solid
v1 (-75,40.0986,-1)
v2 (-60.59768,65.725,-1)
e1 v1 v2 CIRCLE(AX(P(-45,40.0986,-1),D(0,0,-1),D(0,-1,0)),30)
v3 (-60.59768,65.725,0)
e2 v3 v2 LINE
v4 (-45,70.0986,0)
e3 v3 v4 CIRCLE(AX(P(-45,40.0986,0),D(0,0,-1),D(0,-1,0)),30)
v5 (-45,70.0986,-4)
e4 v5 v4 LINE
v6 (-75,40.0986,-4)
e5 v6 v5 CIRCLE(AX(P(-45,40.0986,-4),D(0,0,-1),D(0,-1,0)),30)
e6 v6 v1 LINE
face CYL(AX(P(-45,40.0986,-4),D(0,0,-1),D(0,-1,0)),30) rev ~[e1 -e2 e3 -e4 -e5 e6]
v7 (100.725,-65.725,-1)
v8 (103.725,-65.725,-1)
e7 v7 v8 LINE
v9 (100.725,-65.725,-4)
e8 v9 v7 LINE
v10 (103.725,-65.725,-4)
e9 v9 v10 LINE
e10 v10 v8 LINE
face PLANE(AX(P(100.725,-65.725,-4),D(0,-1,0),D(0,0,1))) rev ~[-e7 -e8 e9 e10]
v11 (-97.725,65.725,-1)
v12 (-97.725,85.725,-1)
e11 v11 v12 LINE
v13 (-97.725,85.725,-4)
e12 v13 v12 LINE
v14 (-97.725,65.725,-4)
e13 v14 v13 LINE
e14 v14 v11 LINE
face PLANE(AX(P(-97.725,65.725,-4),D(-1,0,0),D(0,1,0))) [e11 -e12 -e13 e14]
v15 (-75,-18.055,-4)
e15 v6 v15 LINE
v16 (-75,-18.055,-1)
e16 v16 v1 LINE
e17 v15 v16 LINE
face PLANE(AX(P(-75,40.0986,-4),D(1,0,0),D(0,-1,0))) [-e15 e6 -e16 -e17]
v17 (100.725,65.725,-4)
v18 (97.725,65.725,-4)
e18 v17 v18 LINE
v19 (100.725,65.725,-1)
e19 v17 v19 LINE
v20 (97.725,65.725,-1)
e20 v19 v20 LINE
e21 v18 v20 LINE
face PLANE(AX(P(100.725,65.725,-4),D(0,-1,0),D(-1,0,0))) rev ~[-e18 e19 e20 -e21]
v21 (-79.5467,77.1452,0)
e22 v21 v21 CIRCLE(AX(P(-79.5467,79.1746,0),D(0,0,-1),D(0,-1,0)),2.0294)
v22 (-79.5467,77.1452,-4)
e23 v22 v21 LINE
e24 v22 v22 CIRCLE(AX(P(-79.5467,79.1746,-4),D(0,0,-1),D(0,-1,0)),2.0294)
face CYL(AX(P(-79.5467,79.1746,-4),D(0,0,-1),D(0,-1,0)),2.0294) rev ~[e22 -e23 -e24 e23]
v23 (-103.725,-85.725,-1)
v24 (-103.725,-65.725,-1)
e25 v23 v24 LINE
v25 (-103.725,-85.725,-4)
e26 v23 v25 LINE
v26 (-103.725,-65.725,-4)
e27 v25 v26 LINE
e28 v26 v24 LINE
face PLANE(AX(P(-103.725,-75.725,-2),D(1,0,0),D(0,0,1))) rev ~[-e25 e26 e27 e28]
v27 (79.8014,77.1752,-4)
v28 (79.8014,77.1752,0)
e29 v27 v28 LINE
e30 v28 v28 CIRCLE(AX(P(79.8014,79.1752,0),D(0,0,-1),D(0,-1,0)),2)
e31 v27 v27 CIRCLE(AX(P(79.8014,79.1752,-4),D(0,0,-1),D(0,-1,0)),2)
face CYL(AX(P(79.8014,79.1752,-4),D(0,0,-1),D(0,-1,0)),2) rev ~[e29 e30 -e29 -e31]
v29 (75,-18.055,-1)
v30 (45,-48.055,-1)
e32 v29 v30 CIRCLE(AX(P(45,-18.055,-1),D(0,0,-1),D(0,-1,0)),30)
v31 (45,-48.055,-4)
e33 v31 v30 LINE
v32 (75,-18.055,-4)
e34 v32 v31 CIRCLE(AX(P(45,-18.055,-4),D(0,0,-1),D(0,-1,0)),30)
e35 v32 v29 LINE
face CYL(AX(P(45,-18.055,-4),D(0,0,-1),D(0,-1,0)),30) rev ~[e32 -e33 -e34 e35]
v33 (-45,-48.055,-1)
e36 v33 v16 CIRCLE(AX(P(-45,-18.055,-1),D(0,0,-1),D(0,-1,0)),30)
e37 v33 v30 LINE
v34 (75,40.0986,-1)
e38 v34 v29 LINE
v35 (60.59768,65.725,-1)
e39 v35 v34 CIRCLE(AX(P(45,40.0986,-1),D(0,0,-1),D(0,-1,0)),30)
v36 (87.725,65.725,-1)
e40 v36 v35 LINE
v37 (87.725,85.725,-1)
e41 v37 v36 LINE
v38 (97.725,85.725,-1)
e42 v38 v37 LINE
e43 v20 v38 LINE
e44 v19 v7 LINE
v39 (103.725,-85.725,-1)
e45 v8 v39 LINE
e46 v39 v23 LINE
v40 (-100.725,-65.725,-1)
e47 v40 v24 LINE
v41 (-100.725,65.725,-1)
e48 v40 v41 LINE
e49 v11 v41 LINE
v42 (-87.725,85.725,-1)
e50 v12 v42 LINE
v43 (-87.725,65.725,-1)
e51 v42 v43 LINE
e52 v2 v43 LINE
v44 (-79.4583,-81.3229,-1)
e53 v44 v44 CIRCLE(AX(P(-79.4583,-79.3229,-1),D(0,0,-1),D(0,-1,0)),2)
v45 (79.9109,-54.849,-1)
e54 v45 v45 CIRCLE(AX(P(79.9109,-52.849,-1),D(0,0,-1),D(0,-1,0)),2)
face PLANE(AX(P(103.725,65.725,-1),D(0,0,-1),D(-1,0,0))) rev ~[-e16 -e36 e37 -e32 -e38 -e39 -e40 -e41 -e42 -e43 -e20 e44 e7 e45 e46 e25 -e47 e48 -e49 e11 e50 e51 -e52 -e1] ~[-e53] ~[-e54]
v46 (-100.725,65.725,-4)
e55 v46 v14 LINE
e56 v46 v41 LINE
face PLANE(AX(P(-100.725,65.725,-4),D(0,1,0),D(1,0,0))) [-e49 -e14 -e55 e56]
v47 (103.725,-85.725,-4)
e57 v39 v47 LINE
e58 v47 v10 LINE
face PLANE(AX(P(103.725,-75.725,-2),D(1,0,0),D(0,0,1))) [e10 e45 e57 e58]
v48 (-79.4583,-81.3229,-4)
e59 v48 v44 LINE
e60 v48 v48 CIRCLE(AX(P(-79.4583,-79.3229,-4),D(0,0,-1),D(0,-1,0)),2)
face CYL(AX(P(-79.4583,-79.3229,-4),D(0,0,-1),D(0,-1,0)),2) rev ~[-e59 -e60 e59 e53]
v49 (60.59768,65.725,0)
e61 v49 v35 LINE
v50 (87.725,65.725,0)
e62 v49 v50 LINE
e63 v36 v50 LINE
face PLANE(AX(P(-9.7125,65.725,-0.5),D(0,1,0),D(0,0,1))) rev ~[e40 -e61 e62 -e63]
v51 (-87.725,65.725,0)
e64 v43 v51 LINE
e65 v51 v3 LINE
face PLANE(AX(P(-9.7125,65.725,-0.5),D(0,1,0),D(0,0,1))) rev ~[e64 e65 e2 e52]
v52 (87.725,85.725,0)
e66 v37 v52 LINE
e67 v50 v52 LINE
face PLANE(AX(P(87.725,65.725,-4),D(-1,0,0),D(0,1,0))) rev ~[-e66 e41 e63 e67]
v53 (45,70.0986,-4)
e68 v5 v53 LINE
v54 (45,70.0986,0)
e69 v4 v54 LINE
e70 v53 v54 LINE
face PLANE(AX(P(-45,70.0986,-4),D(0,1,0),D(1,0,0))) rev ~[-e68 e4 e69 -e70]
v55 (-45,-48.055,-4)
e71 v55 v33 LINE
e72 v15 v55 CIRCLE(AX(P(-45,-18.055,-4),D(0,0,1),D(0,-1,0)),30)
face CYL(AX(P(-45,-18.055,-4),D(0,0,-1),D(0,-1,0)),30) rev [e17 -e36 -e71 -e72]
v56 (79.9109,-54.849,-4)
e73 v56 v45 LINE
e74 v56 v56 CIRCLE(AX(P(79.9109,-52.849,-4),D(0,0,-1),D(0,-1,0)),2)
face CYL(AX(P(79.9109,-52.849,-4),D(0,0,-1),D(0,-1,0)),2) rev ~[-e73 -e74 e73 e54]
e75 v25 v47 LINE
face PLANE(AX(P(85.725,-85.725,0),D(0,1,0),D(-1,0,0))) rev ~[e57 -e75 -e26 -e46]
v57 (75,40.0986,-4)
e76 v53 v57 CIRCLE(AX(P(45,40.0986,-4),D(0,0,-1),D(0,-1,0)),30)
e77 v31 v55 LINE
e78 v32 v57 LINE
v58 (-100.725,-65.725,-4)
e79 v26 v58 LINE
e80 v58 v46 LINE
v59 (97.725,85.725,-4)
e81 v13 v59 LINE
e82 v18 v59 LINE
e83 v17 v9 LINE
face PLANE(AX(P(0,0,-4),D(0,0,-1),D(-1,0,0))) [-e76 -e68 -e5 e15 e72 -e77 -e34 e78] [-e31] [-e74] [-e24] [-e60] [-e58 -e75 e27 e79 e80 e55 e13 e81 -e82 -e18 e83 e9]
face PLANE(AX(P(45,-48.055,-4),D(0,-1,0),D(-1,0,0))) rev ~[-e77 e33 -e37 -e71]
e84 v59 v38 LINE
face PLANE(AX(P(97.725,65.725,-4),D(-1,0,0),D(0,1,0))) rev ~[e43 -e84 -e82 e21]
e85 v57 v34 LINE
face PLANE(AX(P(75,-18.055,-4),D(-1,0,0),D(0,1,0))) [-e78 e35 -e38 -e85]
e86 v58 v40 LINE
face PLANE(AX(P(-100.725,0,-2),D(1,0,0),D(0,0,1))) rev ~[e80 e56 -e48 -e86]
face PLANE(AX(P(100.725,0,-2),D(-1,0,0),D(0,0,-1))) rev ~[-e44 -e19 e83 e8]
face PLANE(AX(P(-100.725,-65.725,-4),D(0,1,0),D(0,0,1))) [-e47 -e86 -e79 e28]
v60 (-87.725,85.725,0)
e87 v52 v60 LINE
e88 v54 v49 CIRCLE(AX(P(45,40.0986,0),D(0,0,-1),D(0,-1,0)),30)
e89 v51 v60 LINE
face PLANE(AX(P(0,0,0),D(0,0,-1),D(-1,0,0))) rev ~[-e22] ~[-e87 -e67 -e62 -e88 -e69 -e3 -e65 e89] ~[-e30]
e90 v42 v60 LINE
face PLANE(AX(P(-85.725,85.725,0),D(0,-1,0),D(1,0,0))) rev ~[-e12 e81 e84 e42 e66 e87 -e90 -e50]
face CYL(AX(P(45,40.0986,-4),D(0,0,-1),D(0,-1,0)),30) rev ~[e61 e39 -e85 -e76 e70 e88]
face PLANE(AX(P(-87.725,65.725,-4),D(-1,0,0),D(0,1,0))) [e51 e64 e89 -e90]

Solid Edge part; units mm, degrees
sketch "Sketch1" plane through (0, 0, 0) normal (0, 0, -1) x (-1, 0, 0)
  line L0 (-85.725, -85.725) -> (85.725, -85.725)
  line L1 (85.725, -85.725) -> (85.725, 85.725)
  line L2 (85.725, 85.725) -> (-85.725, 85.725)
  line L3 (-85.725, 85.725) -> (-85.725, -85.725)
  dimension "D1" = 171.45
  dimension "D2" = 171.45
extrude "ExtrudedProtrusion_18" add sketch "Sketch1" along normal blind 4
sketch "Sketch2" plane through (0, 0, -4) normal (0, 0, -1) x (0, -1, 0)
  line L0 (-70.0986, 45) -> (-70.0986, -45)
  arc A0 (-70.0986, -45) -> (-40.0986, -75) centre (-40.0986, -45) ccw
  line L1 (18.055, -75) -> (-40.0986, -75)
  arc A1 (18.055, -75) -> (48.055, -45) centre (18.055, -45) ccw
  line L2 (48.055, -45) -> (48.055, 45)
  arc A2 (18.055, 75) -> (48.055, 45) centre (18.055, 45) cw
  line L3 (-40.0986, 75) -> (18.055, 75)
  arc A3 (-40.0986, 75) -> (-70.0986, 45) centre (-40.0986, 45) ccw
  dimension "D1" = 90
  dimension "D2" = 58.1535
  dimension "D3" = 171.45
  dimension "D4" = 90
  dimension "D5" = 10.725
  dimension "D6" = 30
  dimension "D7" = 30
  dimension "D8" = 30
  dimension "D9" = 30
extrude "Cutout1" cut sketch "Sketch2" against normal blind 18
sketch "Sketch3" plane through (-85.725, 77.9118, -2) normal (-1, 0, 0) x (0, -1, 0)
  line L0 (-7.8132, 2) -> (163.6368, 2)
  line L1 (163.6368, 2) -> (163.6368, -2)
  line L2 (163.6368, -2) -> (-7.8132, -2)
  line L3 (-7.8132, -2) -> (-7.8132, 2)
  dimension "D1" = 171.45
  dimension "D2" = 4
extrude "ExtrudedProtrusion_19" add sketch "Sketch3" along normal blind 15
sketch "Sketch4" plane through (85.725, -66.89, -2) normal (1, 0, 0) x (0, -1, 0)
  line L0 (-152.615, 2) -> (18.835, 2)
  line L1 (18.835, 2) -> (18.835, -2)
  line L2 (18.835, -2) -> (-152.615, -2)
  line L3 (-152.615, -2) -> (-152.615, 2)
  dimension "D1" = 171.45
  dimension "D2" = 4
extrude "Protrusion1" add sketch "Sketch4" along normal blind 15
sketch "Sketch5" plane through (0, 0, -4) normal (0, 0, -1) x (0, 1, 0)
  line L0 (85.725, 100.725) -> (65.725, 100.725)
  line L1 (65.725, 100.725) -> (65.725, 87.725)
  line L2 (65.725, 87.725) -> (85.725, 87.725)
  line L3 (85.725, 87.725) -> (85.725, 100.725)
  line L4 (85.725, -100.725) -> (65.725, -100.725)
  line L5 (65.725, -100.725) -> (65.725, -87.725)
  line L6 (65.725, -87.725) -> (85.725, -87.725)
  line L7 (85.725, -87.725) -> (85.725, -100.725)
  dimension "D1" = 20
  dimension "D2" = 13
extrude "Cutout2" cut sketch "Sketch5" against normal blind 20
sketch "Sketch6" plane through (0, 0.5, -4) normal (0, 0, -1) x (0, -1, 0)
  circle A0 centre (79.8229, 79.4583) radius 2
  circle A1 centre (-78.6752, -79.8014) radius 2
  circle A2 centre (53.349, -79.9109) radius 2
  circle A3 centre (-78.6746, 79.5467) radius 2.0294
  dimension "D1" = 4.0588
  dimension "D2" = 4
  dimension "D3" = 4
  dimension "D4" = 4
extrude "ExtrudedCutout_38" cut sketch "Sketch6" against normal blind 50
sketch "Sketch7" plane through (100.725, -10, 6) normal (1, 0, 0) x (0, -1, 0)
  line L0 (75.725, 10) -> (55.725, 10)
  line L1 (55.725, 10) -> (55.725, 6)
  line L2 (55.725, 6) -> (75.725, 6)
  line L3 (75.725, 6) -> (75.725, 10)
  dimension "D1" = 20
  dimension "D2" = 4
extrude "ExtrudedProtrusion_23" add sketch "Sketch7" along normal mid plane 6
sketch "Sketch8" plane through (-100.725, -10, 6) normal (-1, 0, 0) x (0, 1, 0)
  line L0 (-75.725, 10) -> (-55.725, 10)
  line L1 (-55.725, 10) -> (-55.725, 6)
  line L2 (-55.725, 6) -> (-75.725, 6)
  line L3 (-75.725, 6) -> (-75.725, 10)
  dimension "D1" = 20
  dimension "D2" = 4
extrude "ExtrudedProtrusion_24" add sketch "Sketch8" along normal mid plane 6
sketch "Sketch9" plane through (-94.225, 65.725, -2) normal (0, 1, 0) x (0, 0, -1)
  line L0 (-2, -197.95) -> (-1, -197.95)
  line L1 (-1, -197.95) -> (-1, 28.925)
  line L2 (-1, 28.925) -> (-2, 28.925)
  line L3 (-2, 28.925) -> (-2, -197.95)
  dimension "D1" = 1
  dimension "D2" = 226.875
extrude "Cutout3" cut sketch "Sketch9" against normal blind 555
sketch "Sketch10" plane through (0, 0, -4) normal (0, 0, -1) x (1, 0, 0)
  line L0 (87.725, -65.725) -> (97.725, -65.725)
  line L1 (97.725, -65.725) -> (97.725, -85.725)
  line L2 (97.725, -85.725) -> (87.725, -85.725)
  line L3 (87.725, -85.725) -> (87.725, -65.725)
  line L4 (-87.725, -65.725) -> (-97.725, -65.725)
  line L5 (-97.725, -65.725) -> (-97.725, -85.725)
  line L6 (-97.725, -85.725) -> (-87.725, -85.725)
  line L7 (-87.725, -85.725) -> (-87.725, -65.725)
  dimension "D1" = 10
  dimension "D2" = 20
  dimension "D3" = 10
  dimension "D4" = 20
extrude "Protrusion2" add sketch "Sketch10" against normal blind 3
